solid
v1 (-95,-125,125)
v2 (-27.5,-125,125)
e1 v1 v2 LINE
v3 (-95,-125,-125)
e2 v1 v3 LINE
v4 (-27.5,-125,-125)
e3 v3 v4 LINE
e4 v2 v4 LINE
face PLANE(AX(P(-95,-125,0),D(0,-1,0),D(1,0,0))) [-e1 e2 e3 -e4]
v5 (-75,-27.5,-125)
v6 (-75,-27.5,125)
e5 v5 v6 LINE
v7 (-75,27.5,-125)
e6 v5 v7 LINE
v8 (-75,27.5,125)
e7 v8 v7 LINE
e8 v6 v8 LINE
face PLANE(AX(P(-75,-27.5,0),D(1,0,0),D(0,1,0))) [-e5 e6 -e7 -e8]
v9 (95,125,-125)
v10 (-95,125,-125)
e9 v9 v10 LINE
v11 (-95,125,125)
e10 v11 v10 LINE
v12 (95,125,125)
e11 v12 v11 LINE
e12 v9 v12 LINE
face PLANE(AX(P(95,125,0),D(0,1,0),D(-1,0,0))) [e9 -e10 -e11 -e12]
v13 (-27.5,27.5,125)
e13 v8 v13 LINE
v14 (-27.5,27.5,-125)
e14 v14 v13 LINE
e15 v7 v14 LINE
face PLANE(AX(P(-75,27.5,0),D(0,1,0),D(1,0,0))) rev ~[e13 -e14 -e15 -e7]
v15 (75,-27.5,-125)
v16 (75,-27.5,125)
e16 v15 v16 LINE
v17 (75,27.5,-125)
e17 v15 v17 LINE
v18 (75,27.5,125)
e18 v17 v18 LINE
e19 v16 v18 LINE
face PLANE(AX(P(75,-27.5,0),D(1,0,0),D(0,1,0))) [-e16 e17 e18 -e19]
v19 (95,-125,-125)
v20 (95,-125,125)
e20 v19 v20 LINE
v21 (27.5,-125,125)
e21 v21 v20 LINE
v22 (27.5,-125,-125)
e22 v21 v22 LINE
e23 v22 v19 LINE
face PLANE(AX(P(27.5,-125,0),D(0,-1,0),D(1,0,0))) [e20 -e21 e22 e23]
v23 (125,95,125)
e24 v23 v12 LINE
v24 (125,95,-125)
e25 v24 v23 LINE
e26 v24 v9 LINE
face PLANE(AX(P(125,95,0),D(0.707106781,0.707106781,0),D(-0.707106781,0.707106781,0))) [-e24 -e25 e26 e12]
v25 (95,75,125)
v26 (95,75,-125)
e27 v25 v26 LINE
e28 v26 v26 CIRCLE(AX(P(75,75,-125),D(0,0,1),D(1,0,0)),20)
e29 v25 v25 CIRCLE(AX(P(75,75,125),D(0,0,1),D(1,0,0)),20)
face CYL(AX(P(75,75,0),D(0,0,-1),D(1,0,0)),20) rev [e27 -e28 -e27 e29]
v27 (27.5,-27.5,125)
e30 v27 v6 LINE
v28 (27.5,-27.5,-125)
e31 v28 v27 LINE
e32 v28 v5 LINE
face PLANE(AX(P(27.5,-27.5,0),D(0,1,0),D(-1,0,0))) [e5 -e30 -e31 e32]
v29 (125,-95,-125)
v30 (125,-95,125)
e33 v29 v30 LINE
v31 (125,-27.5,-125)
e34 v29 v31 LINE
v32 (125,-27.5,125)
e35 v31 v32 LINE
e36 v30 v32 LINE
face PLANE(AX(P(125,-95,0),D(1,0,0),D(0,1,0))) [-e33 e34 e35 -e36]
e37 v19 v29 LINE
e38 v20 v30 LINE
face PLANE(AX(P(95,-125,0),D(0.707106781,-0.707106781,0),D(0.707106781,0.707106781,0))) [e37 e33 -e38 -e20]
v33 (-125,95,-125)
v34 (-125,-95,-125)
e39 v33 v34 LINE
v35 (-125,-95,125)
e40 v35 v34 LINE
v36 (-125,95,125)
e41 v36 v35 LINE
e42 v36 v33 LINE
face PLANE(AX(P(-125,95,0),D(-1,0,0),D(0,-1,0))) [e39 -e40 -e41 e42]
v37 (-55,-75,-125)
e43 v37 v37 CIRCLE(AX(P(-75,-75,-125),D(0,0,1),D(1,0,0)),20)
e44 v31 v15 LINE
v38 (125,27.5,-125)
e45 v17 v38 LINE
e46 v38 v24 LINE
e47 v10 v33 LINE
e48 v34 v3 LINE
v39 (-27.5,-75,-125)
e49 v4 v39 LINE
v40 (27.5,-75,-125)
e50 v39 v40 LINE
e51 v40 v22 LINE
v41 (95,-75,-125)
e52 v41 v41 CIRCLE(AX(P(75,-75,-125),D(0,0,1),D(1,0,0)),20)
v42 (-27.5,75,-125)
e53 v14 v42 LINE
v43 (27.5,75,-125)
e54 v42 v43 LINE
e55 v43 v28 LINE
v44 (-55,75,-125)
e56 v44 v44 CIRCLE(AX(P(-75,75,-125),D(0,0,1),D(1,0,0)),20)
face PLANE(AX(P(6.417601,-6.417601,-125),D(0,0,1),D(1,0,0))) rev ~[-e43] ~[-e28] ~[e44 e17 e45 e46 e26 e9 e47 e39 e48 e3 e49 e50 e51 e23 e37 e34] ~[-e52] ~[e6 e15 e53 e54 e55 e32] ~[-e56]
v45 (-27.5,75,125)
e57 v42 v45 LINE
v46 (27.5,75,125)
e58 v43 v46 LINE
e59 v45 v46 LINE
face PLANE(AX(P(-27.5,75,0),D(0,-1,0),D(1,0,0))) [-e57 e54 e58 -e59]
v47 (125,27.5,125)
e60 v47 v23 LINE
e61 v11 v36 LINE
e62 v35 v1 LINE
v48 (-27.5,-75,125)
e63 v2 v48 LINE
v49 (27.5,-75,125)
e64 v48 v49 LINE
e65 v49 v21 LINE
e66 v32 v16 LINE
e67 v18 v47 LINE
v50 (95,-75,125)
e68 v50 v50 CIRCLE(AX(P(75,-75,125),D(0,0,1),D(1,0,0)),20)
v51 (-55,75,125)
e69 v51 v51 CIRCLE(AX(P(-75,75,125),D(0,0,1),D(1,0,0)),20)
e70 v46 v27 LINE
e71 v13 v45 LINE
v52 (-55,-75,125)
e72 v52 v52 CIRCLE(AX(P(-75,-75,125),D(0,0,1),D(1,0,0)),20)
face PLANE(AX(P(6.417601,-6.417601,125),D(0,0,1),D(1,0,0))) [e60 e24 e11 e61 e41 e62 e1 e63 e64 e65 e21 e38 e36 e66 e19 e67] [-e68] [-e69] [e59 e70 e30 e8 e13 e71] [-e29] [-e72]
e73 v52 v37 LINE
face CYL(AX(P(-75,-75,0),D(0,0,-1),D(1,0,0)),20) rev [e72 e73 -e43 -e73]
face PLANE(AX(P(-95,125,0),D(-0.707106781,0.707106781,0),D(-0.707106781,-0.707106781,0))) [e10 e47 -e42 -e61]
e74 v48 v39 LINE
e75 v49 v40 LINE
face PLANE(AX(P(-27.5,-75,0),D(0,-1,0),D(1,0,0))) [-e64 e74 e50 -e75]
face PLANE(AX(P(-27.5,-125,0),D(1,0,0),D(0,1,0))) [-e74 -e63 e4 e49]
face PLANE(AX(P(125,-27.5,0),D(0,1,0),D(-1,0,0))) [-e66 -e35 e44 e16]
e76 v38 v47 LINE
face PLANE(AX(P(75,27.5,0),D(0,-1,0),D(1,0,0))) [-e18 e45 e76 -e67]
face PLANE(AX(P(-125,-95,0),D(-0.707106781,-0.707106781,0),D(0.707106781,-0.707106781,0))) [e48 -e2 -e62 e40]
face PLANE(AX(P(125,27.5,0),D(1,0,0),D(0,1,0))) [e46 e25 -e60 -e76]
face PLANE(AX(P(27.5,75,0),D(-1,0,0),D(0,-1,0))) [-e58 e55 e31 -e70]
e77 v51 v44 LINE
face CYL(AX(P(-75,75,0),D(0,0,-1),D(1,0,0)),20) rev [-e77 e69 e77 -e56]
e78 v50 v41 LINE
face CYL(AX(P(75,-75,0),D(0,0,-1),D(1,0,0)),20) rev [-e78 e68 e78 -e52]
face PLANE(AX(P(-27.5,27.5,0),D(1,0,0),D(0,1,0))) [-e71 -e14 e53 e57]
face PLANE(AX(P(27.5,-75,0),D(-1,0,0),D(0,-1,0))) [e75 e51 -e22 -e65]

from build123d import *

# Parameters (mm, degrees)
F0_R     = 20
F1_DEPTH = 125


with BuildPart() as f1:
    # F0 (on Top) → F1 (new body, symmetric)
    with BuildSketch(Plane.XY):
        Polygon((27.5, -125), (95, -125), (125, -95), (125, -27.5), (75, -27.5), (75, 27.5), (125, 27.5), (125, 95), (95, 125), (-95, 125), (-125, 95), (-125, -95), (-95, -125), (-27.5, -125), (-27.5, -75), (27.5, -75), align=None)
        with Locations((-75, -75)):
            Circle(F0_R, mode=Mode.SUBTRACT)
        with Locations((75, -75)):
            Circle(F0_R, mode=Mode.SUBTRACT)
        Polygon((27.5, -27.5), (-75, -27.5), (-75, 27.5), (-27.5, 27.5), (-27.5, 75), (27.5, 75), align=None, mode=Mode.SUBTRACT)
        with Locations((-75, 75)):
            Circle(F0_R, mode=Mode.SUBTRACT)
        with Locations((75, 75)):
            Circle(F0_R, mode=Mode.SUBTRACT)
    extrude(amount=F1_DEPTH, both=True)


solid = f1.part
